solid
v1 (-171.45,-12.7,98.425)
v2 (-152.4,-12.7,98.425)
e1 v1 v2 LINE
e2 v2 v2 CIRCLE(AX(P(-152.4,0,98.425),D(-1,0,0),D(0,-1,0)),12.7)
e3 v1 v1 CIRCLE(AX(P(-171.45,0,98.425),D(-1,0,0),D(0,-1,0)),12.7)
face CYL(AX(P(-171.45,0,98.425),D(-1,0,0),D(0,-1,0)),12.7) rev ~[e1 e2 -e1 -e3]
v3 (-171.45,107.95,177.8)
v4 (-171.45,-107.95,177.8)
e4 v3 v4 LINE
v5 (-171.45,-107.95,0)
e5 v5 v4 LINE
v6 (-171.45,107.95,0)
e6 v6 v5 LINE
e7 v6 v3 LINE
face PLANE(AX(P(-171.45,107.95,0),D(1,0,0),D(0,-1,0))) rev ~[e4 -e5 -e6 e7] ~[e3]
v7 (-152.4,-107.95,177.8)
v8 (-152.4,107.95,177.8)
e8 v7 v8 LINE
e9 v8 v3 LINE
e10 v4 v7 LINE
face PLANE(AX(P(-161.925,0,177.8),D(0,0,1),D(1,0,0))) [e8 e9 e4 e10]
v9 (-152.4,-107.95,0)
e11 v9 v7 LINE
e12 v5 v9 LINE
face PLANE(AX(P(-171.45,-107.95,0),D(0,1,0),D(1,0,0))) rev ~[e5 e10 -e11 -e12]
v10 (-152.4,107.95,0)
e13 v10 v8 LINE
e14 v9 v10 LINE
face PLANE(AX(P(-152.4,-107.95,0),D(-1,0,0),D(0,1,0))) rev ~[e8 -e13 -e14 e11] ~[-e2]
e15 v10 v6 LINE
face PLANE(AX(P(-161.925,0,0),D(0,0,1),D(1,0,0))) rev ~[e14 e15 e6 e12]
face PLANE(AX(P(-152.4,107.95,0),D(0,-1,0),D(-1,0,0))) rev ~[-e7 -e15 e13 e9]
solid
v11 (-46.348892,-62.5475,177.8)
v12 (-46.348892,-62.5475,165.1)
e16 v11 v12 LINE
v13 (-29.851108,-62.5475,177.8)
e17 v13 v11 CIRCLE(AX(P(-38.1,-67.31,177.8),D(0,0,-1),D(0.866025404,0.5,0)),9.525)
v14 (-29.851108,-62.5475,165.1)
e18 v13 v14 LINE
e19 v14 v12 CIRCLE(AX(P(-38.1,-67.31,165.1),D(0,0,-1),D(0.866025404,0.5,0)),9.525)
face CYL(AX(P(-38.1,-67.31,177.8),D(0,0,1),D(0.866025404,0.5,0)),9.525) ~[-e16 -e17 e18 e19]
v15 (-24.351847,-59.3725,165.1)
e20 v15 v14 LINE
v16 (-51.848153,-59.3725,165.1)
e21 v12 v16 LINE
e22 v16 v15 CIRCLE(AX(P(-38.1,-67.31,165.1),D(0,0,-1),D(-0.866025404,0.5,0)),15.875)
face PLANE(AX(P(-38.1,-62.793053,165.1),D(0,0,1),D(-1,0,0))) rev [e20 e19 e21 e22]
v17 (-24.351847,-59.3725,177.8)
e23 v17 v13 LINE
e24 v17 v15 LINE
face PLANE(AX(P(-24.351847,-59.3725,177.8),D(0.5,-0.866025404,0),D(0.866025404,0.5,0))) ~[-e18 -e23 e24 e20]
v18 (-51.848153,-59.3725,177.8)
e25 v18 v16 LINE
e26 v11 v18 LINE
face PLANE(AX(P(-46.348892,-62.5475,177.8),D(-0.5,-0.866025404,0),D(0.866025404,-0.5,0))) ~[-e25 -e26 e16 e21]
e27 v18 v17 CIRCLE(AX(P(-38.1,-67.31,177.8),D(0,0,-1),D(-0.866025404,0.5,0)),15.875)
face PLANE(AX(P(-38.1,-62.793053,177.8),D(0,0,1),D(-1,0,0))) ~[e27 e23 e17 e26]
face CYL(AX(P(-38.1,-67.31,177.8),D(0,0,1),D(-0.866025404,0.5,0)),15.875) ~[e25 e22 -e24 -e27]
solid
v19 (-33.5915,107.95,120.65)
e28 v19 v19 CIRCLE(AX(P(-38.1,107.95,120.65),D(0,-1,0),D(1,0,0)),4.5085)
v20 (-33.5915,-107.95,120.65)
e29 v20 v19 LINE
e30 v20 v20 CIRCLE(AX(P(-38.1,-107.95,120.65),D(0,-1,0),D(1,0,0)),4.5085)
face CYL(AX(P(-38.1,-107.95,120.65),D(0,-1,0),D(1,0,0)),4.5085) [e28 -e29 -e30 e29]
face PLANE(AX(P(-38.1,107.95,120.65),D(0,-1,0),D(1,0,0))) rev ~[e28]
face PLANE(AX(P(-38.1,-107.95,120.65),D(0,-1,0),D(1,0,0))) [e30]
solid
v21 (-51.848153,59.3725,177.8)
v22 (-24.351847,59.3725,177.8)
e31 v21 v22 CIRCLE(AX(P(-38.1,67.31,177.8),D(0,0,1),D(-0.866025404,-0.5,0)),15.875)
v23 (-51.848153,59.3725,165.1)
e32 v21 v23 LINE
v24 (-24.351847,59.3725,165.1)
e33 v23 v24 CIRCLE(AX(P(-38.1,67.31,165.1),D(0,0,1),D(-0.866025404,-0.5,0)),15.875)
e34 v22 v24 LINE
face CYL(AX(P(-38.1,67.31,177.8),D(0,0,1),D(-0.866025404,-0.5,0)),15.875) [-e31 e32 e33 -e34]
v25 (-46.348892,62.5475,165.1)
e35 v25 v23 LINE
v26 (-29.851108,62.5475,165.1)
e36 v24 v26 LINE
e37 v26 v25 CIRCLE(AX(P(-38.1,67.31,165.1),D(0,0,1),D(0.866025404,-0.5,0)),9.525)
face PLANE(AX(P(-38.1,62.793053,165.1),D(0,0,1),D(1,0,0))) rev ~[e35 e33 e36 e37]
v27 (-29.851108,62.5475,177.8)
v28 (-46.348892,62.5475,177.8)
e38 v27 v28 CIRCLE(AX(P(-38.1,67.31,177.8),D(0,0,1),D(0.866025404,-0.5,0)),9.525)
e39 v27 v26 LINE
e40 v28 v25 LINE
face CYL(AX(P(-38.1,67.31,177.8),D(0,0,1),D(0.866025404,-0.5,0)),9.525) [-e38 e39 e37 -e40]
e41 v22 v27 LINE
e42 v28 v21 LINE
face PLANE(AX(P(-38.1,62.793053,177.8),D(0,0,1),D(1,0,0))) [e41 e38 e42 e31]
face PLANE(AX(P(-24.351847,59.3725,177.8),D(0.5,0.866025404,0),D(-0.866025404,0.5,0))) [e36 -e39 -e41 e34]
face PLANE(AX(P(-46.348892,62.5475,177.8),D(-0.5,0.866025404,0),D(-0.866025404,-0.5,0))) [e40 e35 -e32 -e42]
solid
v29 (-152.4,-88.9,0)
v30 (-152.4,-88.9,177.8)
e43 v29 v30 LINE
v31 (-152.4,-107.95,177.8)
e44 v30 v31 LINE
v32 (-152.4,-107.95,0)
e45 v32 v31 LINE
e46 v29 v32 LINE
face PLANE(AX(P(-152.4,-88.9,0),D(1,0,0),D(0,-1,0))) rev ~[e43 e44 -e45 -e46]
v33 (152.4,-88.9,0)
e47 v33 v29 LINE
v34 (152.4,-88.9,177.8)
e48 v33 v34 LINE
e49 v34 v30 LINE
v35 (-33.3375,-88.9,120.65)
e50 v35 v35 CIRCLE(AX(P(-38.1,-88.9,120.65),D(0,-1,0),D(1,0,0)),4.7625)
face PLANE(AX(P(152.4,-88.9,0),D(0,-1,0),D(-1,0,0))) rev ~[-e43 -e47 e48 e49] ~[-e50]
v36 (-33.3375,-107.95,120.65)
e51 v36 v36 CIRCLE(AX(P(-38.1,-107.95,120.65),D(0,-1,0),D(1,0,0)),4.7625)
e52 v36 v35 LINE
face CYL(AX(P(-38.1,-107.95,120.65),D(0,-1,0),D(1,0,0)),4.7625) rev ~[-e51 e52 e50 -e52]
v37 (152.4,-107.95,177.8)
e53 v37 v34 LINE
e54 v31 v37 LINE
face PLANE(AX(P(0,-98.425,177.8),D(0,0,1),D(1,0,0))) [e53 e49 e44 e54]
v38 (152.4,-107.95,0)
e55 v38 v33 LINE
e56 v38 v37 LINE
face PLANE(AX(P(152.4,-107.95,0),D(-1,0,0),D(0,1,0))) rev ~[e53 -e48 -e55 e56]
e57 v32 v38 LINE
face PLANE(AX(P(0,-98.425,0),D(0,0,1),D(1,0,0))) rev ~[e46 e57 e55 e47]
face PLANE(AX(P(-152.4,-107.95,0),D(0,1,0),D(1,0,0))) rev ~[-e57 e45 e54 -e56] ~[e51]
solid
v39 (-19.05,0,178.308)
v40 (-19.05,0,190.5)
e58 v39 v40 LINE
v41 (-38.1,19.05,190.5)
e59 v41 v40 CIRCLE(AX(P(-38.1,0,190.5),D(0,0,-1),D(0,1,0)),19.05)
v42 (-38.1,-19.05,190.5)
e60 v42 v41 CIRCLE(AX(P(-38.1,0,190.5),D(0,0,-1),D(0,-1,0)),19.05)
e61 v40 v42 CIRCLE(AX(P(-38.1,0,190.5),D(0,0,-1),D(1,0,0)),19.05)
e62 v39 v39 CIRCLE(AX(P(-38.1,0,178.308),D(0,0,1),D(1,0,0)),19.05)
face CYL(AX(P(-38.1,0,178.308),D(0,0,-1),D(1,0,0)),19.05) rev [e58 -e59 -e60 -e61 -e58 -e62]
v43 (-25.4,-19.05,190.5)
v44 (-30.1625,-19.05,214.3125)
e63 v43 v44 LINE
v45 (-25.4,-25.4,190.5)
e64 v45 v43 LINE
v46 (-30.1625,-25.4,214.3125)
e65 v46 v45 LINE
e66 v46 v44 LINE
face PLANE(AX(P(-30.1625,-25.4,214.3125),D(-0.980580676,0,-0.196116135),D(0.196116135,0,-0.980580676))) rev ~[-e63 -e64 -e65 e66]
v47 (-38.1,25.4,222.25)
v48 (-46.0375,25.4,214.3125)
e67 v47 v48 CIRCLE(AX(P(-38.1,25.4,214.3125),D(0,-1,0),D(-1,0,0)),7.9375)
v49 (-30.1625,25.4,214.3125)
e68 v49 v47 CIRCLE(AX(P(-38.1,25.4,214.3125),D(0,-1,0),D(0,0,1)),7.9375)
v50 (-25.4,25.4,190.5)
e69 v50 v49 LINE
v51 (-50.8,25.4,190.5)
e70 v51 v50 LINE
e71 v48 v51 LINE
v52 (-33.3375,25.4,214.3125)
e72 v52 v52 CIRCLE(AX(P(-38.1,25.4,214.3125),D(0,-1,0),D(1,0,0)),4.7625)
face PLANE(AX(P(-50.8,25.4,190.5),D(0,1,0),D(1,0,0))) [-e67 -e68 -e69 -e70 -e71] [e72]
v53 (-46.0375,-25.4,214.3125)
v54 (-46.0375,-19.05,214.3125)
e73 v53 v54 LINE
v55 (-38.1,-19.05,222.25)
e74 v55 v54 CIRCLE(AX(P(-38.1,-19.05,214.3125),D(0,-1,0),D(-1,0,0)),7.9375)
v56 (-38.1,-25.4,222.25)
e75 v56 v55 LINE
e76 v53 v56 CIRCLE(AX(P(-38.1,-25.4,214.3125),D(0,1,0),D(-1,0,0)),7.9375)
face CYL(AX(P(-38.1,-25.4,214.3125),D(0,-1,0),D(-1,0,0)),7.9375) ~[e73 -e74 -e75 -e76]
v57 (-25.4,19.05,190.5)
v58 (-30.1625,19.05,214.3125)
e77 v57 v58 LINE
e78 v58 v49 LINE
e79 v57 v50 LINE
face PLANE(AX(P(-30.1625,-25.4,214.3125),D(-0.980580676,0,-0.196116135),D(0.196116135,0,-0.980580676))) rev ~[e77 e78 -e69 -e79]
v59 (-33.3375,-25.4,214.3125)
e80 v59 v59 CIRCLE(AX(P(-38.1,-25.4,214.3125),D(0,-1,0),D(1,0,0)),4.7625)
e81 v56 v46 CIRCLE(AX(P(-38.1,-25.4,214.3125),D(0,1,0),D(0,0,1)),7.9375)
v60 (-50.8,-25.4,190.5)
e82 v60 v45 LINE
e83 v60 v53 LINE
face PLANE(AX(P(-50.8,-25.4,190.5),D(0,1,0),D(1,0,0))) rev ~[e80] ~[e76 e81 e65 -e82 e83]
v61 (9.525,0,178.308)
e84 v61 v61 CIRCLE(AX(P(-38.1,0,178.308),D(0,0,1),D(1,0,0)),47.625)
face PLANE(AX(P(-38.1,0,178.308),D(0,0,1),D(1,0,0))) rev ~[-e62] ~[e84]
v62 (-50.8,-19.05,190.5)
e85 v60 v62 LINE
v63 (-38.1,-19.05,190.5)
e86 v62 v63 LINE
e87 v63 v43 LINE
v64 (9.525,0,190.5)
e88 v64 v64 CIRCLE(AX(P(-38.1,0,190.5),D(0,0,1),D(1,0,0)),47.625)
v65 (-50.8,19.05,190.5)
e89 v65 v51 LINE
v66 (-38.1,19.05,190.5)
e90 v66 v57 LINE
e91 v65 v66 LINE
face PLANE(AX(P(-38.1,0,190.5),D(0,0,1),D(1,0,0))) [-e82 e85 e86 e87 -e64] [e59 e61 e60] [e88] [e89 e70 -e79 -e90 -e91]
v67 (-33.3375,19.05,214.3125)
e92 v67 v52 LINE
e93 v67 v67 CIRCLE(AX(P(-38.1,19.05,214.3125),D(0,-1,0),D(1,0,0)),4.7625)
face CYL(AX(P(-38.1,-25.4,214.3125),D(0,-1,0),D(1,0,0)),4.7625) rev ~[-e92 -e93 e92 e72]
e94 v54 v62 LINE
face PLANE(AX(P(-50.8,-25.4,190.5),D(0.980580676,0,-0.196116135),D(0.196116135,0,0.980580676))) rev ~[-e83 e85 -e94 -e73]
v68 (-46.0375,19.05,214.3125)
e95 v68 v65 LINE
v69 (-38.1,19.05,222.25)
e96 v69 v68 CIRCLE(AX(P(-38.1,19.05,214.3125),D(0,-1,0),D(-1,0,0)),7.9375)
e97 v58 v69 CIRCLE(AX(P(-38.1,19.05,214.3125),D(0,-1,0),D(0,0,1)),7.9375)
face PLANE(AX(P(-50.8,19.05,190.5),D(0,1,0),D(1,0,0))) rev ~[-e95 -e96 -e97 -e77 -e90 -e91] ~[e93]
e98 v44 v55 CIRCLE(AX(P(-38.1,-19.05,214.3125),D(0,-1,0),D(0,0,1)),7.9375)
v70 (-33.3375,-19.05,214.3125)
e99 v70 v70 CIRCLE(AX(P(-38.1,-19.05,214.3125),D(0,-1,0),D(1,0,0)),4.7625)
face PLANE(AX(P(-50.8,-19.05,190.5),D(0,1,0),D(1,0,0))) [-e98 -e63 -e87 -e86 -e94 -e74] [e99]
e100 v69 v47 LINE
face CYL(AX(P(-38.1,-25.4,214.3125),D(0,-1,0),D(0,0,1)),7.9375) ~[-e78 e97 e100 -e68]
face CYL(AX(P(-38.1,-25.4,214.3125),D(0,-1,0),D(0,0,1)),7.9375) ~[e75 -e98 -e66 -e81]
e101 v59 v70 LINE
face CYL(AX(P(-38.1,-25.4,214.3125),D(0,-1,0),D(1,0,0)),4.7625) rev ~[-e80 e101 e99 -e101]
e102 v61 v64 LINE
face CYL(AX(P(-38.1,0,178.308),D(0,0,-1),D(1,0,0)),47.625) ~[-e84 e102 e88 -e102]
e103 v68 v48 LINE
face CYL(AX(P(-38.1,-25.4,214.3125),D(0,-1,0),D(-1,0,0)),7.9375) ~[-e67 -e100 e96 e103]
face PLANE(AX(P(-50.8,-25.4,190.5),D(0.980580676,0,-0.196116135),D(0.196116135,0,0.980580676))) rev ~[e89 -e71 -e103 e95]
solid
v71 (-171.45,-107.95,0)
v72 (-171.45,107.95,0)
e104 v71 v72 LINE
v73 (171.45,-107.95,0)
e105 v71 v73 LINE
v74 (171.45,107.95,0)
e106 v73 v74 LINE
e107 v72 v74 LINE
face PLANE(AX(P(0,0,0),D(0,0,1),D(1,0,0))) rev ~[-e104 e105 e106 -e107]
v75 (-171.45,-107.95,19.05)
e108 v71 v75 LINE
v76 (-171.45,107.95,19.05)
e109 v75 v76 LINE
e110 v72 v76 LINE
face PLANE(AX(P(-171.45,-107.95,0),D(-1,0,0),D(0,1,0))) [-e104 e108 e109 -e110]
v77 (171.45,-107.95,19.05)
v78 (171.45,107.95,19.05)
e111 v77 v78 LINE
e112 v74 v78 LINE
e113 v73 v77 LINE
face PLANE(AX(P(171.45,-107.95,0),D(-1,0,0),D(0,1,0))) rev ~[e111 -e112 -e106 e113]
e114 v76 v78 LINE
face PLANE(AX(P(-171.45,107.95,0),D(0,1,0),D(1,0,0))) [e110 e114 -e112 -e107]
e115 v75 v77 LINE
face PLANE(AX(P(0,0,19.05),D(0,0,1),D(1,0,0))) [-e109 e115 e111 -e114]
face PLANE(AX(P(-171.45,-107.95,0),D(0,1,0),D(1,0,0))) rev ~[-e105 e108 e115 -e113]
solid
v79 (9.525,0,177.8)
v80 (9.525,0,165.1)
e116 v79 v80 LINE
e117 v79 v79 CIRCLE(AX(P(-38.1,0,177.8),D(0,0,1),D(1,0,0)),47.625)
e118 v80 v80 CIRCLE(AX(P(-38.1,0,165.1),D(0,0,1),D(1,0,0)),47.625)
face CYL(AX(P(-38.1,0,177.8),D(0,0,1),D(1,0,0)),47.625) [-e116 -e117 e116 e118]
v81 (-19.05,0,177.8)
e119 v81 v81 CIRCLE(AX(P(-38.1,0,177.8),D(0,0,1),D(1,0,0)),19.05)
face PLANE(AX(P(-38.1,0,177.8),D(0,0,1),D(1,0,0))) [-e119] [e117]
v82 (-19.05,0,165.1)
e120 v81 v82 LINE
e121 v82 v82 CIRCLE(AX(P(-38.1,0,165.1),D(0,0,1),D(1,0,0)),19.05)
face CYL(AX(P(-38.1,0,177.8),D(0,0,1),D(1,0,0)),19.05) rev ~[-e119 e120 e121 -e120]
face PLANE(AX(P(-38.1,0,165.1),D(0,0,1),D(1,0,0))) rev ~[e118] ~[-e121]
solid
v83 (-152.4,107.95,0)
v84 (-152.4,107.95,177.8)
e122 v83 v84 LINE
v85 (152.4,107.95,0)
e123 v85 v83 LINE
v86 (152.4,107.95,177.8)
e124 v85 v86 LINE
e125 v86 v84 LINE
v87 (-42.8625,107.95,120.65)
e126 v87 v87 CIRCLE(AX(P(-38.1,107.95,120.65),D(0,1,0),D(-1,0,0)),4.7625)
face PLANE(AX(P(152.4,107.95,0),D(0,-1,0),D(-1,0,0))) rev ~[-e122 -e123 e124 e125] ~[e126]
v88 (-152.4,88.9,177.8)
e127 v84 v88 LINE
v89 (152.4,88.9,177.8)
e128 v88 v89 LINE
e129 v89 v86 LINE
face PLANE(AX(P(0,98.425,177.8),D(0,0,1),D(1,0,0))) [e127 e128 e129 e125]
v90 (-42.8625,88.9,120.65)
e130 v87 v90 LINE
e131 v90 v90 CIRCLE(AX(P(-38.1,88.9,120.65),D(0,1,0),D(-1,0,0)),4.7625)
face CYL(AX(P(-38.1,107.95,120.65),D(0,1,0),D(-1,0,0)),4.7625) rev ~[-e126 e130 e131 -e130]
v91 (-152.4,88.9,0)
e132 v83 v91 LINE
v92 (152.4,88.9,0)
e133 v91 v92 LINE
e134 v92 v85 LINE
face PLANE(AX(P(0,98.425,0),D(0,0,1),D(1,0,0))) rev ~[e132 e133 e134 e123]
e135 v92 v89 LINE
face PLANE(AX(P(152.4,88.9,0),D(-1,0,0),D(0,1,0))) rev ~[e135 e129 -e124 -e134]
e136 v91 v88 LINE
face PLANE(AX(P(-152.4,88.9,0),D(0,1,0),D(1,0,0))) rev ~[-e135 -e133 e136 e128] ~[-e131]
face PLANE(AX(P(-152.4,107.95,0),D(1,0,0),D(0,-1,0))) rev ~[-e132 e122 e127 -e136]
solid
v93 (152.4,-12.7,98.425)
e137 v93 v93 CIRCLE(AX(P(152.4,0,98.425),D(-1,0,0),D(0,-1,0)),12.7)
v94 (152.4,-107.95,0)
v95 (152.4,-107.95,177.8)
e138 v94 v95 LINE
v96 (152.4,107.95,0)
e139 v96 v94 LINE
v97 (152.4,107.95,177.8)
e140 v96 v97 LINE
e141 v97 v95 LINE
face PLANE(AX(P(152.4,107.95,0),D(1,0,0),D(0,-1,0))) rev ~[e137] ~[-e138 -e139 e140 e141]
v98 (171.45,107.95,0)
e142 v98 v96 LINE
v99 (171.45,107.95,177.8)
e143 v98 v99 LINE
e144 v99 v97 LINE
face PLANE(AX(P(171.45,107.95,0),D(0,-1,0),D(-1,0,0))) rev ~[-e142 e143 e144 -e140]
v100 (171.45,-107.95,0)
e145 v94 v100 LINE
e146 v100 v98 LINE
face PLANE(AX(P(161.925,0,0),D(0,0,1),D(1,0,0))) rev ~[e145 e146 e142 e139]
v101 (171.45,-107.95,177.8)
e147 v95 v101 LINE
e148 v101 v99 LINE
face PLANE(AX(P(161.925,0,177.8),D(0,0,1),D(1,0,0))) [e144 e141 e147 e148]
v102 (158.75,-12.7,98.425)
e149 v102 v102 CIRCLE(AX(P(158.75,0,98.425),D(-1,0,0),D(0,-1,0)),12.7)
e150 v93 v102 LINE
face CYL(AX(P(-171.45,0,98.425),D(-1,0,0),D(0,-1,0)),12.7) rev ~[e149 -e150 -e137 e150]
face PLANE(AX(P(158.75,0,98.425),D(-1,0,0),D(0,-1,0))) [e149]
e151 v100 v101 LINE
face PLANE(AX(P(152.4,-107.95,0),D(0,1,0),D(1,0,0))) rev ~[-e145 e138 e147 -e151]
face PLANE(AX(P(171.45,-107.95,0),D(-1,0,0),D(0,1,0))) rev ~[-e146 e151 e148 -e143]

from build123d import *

# Parameters (mm, degrees)
F1_DEPTH  = 177.8
F2_DEPTH  = 177.8
F3_DEPTH  = 177.8
F4_DEPTH  = 177.8
F5_W      = 342.9
F5_H      = 215.9
F6_DEPTH  = 19.05
F7_R      = 12.7
F8_DEPTH  = 330.2
F10_R     = 47.625
F10_R_2   = 19.05
F11_DEPTH = 12.7
F12_R     = 4.7625
F13_DEPTH = 206.375
F14_R     = 4.7625
F15_DEPTH = 25.4
F16_R     = 4.5085
F17_DEPTH = 215.9
F19_DEPTH = 12.7
F21_START = 0.508
F21_DEPTH = 12.192
F22_W     = 25.4
F22_H     = 6.35
F23_DEPTH = 31.75
F24_R     = 4.7625
F25_DEPTH = 127


with BuildPart() as f1:
    # F0 (on Top) → F1 (new body)
    with BuildSketch(Plane.XY):
        Polygon((-152.4, 0), (-152.4, 88.9), (-152.4, 107.95), (-171.45, 107.95), (-171.45, 0), (-171.45, -107.95), (-152.4, -107.95), (-152.4, -88.9), align=None)
    extrude(amount=F1_DEPTH)


with BuildPart() as f2:
    # F0 (on Top) → F2 (new body)
    with BuildSketch(Plane.XY):
        Polygon((152.4, 107.95), (152.4, 88.9), (152.4, 0), (152.4, -88.9), (152.4, -107.95), (171.45, -107.95), (171.45, 107.95), align=None)
    extrude(amount=F2_DEPTH)


with BuildPart() as f3:
    # F0 (on Top) → F3 (new body)
    with BuildSketch(Plane.XY):
        Polygon((-152.4, 107.95), (-152.4, 88.9), (0, 88.9), (152.4, 88.9), (152.4, 107.95), align=None)
    extrude(amount=F3_DEPTH)

    # F14 (on face) → F15 (cut)
    with BuildSketch(Plane(origin=(0, 107.95, 0), x_dir=(-1, 0, 0), z_dir=(0, 1, 0))):
        with Locations((38.1, 120.65)):
            Circle(F14_R)
    extrude(amount=-F15_DEPTH, mode=Mode.SUBTRACT)


with BuildPart() as f4:
    # F0 (on Top) → F4 (new body)
    with BuildSketch(Plane.XY):
        Polygon((152.4, -88.9), (0, -88.9), (-152.4, -88.9), (-152.4, -107.95), (152.4, -107.95), align=None)
    extrude(amount=F4_DEPTH)

    # F12 (on face) → F13 (cut)
    with BuildSketch(Plane.XZ.offset(107.95)):
        with Locations((-38.1, 120.65)):
            Circle(F12_R)
    extrude(amount=-F13_DEPTH, mode=Mode.SUBTRACT)


with BuildPart() as f6:
    # F5 (on Top) → F6 (new body)
    with BuildSketch(Plane.XY):
        Rectangle(F5_W, F5_H)
    extrude(amount=F6_DEPTH)


with BuildPart() as f8_tool:
    # F7 (on face) → F8 (new body)
    with BuildSketch(Plane(origin=(-171.45, 0, 0), x_dir=(0, -1, 0), z_dir=(-1, 0, 0))):
        with Locations((0, 98.425)):
            Circle(F7_R)
    extrude(amount=-F8_DEPTH)


with BuildPart() as f1_1:
    add(f1.part)

    # F8: cut by f8_tool
    add(f8_tool.part, mode=Mode.SUBTRACT)


with BuildPart() as f2_1:
    add(f2.part)

    # F8: cut by f8_tool
    add(f8_tool.part, mode=Mode.SUBTRACT)


with BuildPart() as f11:
    # F10 (on face) → F11 (new body)
    with BuildSketch(Plane.XY.offset(177.8)):
        with Locations((-38.1, 0)):
            Circle(F10_R)
        with Locations((-38.1, 0)):
            Circle(F10_R_2, mode=Mode.SUBTRACT)
    extrude(amount=-F11_DEPTH)


with BuildPart() as f17:
    # F16 (on face) → F17 (new body)
    with BuildSketch(Plane.XZ.offset(107.95)):
        with Locations((-38.1, 120.65)):
            Circle(F16_R)
    extrude(amount=-F17_DEPTH)


with BuildPart() as f19:
    # F18 (on face) → F19 (new body)
    with BuildSketch(Plane.XY.offset(177.8)):
        with BuildLine():
            Line((-46.348891971, 62.5475), (-51.8481532851, 59.3725))
            ThreePointArc((-51.8481532851, 59.3725), (-38.1, 51.435), (-24.3518467149, 59.3725))
            Line((-24.3518467149, 59.3725), (-29.851108029, 62.5475))
            ThreePointArc((-29.851108029, 62.5475), (-38.1, 76.835), (-46.348891971, 62.5475))
        make_face()
    extrude(amount=-F19_DEPTH)


with BuildPart() as f20_1:
    # F20: instance of F19
    add(f19.part.mirror(Plane.XZ))


with BuildPart() as f21:
    # F10 (on face) → F21 (new body)
    with BuildSketch(Plane.XY.offset(177.8).offset(F21_START)):
        with Locations((-38.1, 0)):
            Circle(F10_R)
        with Locations((-38.1, 0)):
            Circle(F10_R_2, mode=Mode.SUBTRACT)
    extrude(amount=F21_DEPTH)

    # F22 (on face) → F23 (join)
    with BuildSketch(Plane.XY.offset(190.5)):
        with Locations((-38.1, 22.225)):
            Rectangle(F22_W, F22_H)
        with Locations((-38.1, -22.225)):
            Rectangle(F22_W, F22_H)
    extrude(amount=F23_DEPTH)

    # F24 (on face) → F25 (cut)
    with BuildSketch(Plane.XZ.offset(25.4)):
        with BuildLine():
            ThreePointArc((-38.1, 222.25), (-32.4873399243, 219.9251600757), (-30.1625, 214.3125))
            Line((-30.1625, 214.3125), (-25.4, 190.5))
            Line((-25.4, 190.5), (-25.4, 222.25))
            Line((-25.4, 222.25), (-38.1, 222.25))
        make_face()
        with Locations((-38.1, 214.3125)):
            Circle(F24_R)
        with BuildLine():
            ThreePointArc((-46.0375, 214.3125), (-43.7126600757, 219.9251600757), (-38.1, 222.25))
            Line((-38.1, 222.25), (-50.8, 222.25))
            Line((-50.8, 222.25), (-50.8, 190.5))
            Line((-50.8, 190.5), (-46.0375, 214.3125))
        make_face()
    extrude(amount=-F25_DEPTH, mode=Mode.SUBTRACT)


solid = Compound([f3.part, f4.part, f6.part, f1_1.part, f2_1.part, f11.part, f17.part, f19.part, f20_1.part, f21.part])
